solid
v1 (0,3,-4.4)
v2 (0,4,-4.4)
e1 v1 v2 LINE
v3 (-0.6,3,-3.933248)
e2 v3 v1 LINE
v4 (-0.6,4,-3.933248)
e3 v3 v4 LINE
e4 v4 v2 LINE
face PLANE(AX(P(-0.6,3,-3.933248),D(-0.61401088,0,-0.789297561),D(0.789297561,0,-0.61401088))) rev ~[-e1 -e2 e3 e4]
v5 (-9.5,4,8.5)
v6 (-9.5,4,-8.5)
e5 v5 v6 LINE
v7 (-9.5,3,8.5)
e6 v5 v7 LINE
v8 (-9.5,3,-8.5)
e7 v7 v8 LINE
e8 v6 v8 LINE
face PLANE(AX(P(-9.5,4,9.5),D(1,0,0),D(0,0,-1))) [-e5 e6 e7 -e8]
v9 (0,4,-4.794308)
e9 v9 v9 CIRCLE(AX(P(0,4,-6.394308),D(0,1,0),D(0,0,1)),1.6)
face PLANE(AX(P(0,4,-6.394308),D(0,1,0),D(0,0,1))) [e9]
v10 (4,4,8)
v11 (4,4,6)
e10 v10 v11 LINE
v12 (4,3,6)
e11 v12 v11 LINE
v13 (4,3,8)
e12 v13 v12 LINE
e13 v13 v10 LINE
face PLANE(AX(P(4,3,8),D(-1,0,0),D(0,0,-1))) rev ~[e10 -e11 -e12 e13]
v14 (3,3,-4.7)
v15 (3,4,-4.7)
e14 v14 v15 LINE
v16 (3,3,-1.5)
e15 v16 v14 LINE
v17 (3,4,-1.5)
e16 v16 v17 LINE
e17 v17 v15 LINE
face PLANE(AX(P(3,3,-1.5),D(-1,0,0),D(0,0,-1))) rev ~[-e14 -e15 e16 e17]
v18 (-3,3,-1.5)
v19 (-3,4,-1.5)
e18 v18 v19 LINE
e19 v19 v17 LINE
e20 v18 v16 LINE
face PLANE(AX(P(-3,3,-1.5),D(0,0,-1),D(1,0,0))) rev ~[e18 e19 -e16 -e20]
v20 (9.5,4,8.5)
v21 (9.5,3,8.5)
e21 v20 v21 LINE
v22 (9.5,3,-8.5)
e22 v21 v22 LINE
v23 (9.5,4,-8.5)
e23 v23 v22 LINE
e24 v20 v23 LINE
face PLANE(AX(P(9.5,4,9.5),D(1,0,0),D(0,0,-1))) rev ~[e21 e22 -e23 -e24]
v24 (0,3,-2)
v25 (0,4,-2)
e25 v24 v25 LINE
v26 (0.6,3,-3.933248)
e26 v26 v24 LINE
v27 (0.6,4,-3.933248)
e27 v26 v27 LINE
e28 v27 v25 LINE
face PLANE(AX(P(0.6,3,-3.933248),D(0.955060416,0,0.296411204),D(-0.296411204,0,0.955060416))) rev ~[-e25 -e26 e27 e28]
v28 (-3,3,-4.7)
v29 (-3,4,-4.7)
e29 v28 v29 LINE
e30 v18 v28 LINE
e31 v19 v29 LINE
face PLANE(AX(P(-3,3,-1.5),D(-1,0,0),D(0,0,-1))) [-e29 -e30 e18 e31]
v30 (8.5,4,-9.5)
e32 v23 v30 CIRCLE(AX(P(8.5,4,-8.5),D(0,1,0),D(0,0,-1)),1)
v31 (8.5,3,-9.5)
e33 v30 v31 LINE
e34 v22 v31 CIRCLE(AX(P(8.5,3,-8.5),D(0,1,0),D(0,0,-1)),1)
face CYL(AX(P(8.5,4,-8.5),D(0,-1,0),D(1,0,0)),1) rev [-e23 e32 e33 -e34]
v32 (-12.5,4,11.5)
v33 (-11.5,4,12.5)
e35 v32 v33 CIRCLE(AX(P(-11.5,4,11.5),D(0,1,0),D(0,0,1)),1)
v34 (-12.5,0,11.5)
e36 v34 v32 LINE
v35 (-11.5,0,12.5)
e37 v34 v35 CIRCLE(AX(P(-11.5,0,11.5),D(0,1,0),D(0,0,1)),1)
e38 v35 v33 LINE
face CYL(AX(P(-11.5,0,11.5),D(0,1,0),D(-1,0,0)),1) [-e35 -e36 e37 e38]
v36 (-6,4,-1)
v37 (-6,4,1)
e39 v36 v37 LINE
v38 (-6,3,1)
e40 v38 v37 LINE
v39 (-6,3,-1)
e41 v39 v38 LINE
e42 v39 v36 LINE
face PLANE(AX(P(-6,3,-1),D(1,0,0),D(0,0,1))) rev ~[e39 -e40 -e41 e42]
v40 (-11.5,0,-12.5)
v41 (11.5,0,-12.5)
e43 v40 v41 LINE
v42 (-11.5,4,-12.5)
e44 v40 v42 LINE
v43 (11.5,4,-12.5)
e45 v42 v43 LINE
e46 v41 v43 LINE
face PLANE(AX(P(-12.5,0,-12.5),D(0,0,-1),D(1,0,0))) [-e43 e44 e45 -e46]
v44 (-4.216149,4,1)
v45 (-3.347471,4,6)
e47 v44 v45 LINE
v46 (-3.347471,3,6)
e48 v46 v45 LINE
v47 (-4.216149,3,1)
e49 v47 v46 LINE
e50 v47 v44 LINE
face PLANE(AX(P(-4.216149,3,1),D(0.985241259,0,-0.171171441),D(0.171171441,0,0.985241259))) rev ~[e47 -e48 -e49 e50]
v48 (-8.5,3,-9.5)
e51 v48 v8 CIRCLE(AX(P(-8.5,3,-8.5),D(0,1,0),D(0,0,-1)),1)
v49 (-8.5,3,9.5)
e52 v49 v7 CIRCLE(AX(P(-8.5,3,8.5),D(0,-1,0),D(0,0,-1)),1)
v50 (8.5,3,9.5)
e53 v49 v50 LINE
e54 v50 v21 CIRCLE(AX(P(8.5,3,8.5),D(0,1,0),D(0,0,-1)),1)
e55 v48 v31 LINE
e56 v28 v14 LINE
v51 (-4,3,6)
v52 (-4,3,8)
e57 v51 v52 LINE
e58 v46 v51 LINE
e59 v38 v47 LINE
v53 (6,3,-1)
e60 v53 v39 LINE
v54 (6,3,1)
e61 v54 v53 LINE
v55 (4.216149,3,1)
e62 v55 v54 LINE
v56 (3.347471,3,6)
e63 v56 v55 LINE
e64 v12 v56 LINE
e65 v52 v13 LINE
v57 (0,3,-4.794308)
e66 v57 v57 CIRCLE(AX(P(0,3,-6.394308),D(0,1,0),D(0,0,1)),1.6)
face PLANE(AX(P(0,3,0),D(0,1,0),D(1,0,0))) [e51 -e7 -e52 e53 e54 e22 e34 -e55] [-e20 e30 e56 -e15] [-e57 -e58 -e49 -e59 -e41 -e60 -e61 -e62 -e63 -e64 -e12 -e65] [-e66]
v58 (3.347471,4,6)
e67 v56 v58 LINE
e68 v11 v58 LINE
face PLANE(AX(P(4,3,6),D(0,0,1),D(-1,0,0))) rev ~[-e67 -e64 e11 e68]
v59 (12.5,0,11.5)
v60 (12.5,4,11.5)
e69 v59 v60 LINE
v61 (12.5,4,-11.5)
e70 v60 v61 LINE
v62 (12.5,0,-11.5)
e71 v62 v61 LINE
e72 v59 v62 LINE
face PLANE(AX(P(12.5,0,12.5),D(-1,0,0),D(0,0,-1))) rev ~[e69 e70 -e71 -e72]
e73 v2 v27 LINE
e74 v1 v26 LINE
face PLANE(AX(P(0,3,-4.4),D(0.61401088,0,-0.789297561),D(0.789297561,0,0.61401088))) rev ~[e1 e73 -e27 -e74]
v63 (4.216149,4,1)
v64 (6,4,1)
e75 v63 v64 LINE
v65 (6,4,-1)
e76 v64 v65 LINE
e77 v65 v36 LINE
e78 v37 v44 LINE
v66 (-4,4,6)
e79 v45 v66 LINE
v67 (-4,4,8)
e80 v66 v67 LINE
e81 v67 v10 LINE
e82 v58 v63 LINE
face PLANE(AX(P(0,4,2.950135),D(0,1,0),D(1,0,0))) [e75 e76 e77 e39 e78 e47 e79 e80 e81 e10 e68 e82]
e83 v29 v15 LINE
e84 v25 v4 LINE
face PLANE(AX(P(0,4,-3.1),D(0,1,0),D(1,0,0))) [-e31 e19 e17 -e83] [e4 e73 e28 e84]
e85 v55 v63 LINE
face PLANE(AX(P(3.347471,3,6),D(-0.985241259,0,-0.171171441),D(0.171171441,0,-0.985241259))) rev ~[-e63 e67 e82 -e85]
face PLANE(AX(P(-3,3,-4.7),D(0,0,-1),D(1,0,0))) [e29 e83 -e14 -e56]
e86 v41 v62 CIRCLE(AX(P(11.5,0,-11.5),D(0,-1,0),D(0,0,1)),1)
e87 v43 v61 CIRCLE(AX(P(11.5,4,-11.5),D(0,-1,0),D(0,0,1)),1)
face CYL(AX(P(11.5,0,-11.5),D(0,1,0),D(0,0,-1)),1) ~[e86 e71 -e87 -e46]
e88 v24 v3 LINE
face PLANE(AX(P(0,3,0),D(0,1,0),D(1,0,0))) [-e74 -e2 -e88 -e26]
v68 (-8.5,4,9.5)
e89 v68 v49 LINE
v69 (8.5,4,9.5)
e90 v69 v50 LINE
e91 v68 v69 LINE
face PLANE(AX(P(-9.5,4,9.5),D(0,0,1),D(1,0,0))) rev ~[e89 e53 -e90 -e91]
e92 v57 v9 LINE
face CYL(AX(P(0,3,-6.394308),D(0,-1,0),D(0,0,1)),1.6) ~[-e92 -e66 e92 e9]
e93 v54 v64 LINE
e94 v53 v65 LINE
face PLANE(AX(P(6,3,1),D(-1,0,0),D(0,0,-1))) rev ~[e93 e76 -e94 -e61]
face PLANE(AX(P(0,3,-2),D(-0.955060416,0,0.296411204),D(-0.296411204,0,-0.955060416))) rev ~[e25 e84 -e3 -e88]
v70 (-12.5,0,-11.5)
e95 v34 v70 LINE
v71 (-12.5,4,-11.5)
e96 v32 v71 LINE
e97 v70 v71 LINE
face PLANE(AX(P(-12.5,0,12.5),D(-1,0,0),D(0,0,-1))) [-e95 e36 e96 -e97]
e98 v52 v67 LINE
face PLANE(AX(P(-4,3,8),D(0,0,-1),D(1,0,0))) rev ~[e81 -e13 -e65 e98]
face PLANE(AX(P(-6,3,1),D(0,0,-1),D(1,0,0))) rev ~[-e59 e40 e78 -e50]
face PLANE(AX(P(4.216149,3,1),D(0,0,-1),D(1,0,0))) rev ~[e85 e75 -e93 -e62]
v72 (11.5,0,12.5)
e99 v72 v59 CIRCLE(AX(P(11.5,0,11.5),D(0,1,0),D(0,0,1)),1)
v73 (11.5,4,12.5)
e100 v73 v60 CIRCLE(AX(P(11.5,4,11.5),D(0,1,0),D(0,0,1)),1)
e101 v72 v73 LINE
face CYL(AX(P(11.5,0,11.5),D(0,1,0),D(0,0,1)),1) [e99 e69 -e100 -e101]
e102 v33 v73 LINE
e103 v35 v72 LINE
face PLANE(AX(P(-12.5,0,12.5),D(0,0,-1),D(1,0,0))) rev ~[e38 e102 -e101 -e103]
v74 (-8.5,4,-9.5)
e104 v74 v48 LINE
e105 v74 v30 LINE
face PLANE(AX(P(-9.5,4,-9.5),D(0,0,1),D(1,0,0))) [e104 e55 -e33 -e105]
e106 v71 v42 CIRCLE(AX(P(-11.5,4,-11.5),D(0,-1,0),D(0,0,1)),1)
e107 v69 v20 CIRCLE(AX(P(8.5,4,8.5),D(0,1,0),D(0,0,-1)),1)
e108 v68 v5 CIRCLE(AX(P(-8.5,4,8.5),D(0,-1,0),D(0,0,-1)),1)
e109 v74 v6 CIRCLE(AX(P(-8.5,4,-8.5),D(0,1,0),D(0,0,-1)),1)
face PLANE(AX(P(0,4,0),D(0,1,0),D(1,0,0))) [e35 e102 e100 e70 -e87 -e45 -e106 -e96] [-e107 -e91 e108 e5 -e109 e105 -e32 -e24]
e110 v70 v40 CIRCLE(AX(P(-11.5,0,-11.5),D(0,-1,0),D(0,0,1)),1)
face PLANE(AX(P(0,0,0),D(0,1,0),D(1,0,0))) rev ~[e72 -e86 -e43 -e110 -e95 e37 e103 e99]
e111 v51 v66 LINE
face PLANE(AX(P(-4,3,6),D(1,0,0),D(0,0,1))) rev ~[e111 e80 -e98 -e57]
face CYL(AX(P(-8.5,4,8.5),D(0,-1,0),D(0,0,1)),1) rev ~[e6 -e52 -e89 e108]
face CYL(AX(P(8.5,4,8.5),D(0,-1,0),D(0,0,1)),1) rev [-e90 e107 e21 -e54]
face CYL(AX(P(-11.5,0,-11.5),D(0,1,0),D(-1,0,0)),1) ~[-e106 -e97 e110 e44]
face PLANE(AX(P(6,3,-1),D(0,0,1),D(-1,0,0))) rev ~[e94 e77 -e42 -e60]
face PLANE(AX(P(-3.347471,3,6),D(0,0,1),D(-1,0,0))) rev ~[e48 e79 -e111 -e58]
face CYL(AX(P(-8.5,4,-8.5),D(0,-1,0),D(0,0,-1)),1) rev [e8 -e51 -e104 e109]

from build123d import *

# Parameters (mm, degrees)
SKETCH_1_W          = 25
SKETCH_1_H          = 25
EXTRUDE_1_DEPTH     = 4
SKETCH_2_W          = 19
SKETCH_2_H          = 19
CUT_EXTRUDE_1_DEPTH = 1
SKETCH_3_W          = 6
SKETCH_3_H          = 3.2
SKETCH_3_R          = 1.6
EXTRUDE_2_DEPTH     = 1
FILLET_1_R          = 1


with BuildPart() as part:
    # 草图1 → 凸台-拉伸1 (new body)
    with BuildSketch(Plane(origin=(0, 0, 0), x_dir=(1, 0, 0), z_dir=(0, 1, 0))):
        Rectangle(SKETCH_1_W, SKETCH_1_H)
    extrude(amount=EXTRUDE_1_DEPTH)

    # 草图2 → 切除-拉伸1 (cut)
    with BuildSketch(Plane(origin=(0, 4, 0), x_dir=(1, 0, 0), z_dir=(0, 1, 0))):
        Rectangle(SKETCH_2_W, SKETCH_2_H)
    extrude(amount=-CUT_EXTRUDE_1_DEPTH, mode=Mode.SUBTRACT)

    # 草图3 → 凸台-拉伸2 (add)
    # profile 1 of 3: a face of its own
    with BuildSketch(Plane(origin=(0, 3, 0), x_dir=(1, 0, 0), z_dir=(0, 1, 0))):
        Polygon((4.216148916, -1), (6, -1), (6, 1), (-6, 1), (-6, -1), (-4.216148916, -1), (-3.347471119, -6), (-4, -6), (-4, -8), (4, -8), (4, -6), (3.347471119, -6), align=None)
    # profile 2 of 3: a face of its own
    with BuildSketch(Plane(origin=(0, 3, 0), x_dir=(1, 0, 0), z_dir=(0, 1, 0))):
        with Locations((0, 3.1)):
            Rectangle(SKETCH_3_W, SKETCH_3_H)
        Polygon((-0.6, 3.933247604), (0, 4.4), (0.6, 3.933247604), (0, 2), align=None, mode=Mode.SUBTRACT)
    # profile 3 of 3: a face of its own
    with BuildSketch(Plane(origin=(0, 3, 0), x_dir=(1, 0, 0), z_dir=(0, 1, 0))):
        with Locations(Location((0, 6.394307769, 0), (0, 0, 270))):
            Circle(SKETCH_3_R)
    extrude(amount=EXTRUDE_2_DEPTH)

    # 圆角1
    fillet_1_edges = [part.edges().sort_by_distance(p)[0] for p in [
        (-9.5, 3.5, 9.5),
        (-9.5, 3.5, -9.5),
        (9.5, 3.5, -9.5),
        (9.5, 3.5, 9.5),
        (12.5, 2, 12.5),
        (-12.5, 2, 12.5),
        (-12.5, 2, -12.5),
        (12.5, 2, -12.5),
    ]]
    fillet(fillet_1_edges, radius=FILLET_1_R)


solid = part.part
